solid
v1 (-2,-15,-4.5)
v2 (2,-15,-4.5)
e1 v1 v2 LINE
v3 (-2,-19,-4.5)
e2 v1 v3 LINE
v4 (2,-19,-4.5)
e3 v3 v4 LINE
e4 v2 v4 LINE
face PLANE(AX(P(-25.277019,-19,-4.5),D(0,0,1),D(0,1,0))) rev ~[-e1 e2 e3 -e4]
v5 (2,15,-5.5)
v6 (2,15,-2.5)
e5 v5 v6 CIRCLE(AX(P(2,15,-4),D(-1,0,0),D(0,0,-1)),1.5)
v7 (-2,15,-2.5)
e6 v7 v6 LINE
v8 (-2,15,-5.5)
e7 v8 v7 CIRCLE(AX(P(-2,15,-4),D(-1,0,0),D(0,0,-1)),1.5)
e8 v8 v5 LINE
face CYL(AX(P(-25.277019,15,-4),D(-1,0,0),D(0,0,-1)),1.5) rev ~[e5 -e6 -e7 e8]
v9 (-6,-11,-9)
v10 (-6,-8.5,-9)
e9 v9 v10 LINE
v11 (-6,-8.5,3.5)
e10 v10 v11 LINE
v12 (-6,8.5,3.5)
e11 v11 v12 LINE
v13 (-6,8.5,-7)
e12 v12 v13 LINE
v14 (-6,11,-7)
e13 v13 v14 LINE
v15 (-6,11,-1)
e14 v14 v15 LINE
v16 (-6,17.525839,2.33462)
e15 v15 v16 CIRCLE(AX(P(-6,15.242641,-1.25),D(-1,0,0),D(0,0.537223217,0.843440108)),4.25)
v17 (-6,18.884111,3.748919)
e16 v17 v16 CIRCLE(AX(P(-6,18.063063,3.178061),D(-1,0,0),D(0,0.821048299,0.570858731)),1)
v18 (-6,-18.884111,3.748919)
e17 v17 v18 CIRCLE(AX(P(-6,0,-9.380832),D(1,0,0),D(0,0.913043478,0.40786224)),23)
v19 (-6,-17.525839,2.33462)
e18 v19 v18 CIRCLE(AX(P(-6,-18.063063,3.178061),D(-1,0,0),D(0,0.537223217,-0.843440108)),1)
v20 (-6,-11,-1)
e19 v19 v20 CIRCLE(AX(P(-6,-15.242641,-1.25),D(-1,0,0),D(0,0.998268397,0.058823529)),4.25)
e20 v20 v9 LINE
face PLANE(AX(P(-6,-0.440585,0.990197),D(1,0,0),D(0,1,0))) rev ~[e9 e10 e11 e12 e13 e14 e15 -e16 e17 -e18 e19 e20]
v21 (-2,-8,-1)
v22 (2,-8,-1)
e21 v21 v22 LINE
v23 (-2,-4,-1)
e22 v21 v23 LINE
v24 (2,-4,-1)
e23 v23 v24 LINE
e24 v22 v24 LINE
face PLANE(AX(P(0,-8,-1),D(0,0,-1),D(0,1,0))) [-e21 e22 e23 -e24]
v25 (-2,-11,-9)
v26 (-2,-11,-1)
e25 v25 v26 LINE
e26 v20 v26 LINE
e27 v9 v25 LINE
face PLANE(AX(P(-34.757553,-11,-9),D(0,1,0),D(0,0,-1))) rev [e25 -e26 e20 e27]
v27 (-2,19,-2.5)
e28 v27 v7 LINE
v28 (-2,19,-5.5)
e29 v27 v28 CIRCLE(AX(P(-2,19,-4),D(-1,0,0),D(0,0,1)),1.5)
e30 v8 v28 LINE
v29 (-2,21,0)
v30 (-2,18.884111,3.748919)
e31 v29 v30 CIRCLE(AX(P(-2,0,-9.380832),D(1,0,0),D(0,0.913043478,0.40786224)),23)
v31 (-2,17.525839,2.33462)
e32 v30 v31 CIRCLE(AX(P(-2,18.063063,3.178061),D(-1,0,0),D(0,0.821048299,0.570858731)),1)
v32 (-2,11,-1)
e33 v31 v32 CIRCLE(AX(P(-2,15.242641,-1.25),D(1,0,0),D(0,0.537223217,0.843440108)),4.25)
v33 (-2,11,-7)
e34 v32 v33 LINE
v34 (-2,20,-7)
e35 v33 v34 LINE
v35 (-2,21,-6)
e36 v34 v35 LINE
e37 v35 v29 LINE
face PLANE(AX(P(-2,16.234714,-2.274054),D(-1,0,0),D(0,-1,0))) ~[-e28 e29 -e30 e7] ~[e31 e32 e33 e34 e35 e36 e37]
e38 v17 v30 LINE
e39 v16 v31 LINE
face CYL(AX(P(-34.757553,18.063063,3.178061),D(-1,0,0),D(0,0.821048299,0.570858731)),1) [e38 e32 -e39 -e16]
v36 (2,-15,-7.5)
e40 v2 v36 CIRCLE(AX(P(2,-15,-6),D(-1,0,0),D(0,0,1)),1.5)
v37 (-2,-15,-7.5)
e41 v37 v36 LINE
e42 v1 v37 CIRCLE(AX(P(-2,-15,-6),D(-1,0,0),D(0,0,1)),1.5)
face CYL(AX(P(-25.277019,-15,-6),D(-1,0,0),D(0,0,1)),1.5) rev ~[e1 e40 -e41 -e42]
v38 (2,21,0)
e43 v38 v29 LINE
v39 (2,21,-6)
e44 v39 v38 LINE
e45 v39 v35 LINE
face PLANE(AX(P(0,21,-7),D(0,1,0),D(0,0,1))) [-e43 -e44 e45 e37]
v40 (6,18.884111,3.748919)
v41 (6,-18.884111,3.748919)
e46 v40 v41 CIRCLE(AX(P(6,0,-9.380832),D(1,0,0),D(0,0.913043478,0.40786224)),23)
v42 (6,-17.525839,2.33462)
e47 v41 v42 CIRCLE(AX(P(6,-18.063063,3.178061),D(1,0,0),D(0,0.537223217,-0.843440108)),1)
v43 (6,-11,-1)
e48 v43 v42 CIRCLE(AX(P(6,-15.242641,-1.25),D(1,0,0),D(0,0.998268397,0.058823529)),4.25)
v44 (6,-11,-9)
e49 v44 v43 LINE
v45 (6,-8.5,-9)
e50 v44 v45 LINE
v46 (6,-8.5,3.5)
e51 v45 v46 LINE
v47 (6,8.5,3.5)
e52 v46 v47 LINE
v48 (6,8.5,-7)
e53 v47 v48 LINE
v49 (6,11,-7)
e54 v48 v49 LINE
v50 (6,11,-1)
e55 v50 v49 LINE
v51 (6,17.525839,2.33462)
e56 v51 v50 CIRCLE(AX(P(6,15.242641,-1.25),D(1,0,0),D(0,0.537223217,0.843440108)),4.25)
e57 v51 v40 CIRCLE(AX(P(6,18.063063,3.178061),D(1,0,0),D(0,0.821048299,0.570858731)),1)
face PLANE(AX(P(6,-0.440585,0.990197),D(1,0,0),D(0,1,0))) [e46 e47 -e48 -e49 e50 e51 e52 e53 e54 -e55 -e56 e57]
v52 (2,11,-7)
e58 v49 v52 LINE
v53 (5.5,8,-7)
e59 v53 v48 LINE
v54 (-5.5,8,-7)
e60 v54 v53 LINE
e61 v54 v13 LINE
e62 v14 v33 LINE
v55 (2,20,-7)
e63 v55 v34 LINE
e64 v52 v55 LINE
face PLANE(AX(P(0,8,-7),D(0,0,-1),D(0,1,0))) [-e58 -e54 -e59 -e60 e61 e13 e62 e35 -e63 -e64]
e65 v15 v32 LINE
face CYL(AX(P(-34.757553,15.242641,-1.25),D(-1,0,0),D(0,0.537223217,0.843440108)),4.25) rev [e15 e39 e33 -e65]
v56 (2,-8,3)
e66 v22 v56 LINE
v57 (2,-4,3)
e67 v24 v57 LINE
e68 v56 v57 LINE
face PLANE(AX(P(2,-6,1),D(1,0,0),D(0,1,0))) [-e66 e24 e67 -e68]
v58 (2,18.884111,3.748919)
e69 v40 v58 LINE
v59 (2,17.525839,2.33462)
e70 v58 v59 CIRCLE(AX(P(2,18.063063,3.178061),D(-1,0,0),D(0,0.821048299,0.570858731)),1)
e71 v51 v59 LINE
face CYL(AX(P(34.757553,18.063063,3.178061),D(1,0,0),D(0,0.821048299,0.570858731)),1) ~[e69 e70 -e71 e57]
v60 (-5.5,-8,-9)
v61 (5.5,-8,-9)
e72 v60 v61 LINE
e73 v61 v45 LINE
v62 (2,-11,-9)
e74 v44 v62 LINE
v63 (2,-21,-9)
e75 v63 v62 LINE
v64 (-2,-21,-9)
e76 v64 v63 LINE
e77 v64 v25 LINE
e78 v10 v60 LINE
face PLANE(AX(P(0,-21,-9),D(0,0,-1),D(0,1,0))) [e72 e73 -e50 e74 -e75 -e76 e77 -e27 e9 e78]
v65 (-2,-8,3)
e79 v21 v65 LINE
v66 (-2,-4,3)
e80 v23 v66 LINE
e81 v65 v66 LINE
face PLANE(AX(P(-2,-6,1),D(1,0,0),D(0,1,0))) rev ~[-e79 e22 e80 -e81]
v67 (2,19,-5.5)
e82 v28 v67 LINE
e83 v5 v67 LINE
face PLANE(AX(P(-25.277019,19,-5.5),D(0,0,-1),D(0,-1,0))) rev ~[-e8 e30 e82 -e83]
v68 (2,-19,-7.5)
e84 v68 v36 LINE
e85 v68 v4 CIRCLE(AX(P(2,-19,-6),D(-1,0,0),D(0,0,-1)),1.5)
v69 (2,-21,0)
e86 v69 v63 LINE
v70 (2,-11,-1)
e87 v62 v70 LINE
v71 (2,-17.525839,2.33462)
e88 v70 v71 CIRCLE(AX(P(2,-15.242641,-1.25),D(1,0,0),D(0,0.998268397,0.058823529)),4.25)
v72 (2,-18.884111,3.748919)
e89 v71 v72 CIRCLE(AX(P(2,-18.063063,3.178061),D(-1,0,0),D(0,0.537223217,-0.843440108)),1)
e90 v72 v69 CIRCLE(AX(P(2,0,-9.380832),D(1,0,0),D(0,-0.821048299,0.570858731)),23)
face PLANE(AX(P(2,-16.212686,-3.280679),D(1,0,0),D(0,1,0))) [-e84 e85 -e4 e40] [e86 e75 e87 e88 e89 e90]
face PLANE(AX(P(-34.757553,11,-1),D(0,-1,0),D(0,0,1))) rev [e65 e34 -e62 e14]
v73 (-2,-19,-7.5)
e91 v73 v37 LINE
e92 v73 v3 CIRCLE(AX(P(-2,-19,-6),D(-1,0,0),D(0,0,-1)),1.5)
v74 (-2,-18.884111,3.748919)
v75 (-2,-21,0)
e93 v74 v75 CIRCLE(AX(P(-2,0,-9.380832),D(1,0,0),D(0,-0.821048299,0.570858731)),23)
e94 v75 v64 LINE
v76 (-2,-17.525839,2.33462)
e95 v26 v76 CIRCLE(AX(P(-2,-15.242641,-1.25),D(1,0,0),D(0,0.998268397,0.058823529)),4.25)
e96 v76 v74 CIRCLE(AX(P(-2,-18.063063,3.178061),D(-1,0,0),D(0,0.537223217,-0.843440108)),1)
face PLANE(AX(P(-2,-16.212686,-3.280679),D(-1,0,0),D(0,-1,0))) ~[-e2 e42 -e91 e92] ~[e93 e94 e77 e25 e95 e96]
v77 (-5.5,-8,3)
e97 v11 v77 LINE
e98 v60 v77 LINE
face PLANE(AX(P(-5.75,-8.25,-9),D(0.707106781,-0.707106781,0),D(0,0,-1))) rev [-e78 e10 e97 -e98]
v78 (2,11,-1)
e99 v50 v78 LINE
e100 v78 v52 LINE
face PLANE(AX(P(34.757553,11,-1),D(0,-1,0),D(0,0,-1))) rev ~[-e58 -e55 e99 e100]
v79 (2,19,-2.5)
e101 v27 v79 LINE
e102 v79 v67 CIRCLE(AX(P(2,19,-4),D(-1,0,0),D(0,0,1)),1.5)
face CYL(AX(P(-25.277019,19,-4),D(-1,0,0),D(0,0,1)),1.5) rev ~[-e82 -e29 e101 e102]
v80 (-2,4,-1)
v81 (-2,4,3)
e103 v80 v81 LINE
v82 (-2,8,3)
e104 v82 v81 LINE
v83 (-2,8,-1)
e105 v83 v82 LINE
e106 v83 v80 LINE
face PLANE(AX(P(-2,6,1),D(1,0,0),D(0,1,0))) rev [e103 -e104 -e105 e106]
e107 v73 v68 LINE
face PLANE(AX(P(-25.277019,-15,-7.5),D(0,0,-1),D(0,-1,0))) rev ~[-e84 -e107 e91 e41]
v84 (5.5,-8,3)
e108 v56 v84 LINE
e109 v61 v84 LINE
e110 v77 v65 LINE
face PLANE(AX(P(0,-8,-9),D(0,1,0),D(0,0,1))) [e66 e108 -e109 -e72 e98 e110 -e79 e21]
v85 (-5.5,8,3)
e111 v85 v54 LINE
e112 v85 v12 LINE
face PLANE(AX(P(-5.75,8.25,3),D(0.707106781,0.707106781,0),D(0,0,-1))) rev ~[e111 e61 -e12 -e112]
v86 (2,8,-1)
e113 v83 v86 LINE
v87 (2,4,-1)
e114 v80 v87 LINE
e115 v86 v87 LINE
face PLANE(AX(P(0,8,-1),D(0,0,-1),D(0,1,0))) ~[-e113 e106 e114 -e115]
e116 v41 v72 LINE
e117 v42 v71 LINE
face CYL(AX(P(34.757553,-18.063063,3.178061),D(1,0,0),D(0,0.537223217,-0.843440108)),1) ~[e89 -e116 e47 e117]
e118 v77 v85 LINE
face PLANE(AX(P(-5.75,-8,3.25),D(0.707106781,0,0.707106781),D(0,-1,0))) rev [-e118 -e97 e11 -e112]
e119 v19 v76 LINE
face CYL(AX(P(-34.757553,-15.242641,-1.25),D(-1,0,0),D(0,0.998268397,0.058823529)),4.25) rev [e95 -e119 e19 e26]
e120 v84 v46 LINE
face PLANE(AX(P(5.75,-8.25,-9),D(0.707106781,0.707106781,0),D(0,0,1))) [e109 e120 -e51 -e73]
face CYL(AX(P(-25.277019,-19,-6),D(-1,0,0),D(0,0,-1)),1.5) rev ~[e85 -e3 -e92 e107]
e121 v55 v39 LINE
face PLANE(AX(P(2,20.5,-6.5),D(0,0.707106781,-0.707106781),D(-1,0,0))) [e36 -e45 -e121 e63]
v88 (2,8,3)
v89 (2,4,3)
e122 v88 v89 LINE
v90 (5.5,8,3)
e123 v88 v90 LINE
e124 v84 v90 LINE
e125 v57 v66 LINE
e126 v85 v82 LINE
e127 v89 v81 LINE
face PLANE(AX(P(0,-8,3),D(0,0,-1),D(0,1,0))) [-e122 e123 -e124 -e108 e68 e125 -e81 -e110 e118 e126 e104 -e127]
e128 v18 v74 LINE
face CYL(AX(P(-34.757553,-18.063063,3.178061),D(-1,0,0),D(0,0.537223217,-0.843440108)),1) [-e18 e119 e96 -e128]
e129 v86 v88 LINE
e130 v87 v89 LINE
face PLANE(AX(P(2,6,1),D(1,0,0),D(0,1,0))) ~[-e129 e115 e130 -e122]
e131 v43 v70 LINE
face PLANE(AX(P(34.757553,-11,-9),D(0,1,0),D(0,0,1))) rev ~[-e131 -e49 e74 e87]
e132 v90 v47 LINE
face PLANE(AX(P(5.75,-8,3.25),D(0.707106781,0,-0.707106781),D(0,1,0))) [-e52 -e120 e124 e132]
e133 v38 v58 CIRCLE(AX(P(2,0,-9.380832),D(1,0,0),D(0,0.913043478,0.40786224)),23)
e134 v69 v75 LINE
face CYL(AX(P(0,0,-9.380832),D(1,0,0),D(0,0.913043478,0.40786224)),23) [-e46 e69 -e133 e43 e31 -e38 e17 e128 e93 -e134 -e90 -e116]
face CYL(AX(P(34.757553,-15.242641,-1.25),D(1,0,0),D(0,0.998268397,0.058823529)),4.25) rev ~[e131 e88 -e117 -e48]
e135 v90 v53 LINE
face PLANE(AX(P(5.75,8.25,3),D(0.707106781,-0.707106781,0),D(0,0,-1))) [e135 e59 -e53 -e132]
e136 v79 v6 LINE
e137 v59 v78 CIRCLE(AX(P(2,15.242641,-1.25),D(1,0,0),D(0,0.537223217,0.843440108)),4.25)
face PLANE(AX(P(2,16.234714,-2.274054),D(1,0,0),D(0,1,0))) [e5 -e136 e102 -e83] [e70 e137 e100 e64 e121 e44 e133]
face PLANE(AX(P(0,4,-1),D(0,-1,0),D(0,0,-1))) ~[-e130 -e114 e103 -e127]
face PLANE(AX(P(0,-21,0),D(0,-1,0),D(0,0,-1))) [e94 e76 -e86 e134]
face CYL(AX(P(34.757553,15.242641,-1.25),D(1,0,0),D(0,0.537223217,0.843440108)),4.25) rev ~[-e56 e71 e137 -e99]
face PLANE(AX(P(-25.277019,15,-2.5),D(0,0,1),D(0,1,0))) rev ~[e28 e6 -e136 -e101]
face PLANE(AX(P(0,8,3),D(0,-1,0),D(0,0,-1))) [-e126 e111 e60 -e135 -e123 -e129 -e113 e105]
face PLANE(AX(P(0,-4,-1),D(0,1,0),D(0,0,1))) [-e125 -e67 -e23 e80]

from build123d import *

# Parameters (mm, degrees)
BOSS_EXTRUDE1_DEPTH     = 6
CHAMFER1_SIZE           = 0.5
CHAMFER2_SIZE           = 0.5
SKETCH3_W               = 4
SKETCH3_H               = 4
BOSS_EXTRUDE2_DEPTH     = 2
CUT_EXTRUDE1_START      = 28.757553028
CUT_EXTRUDE1_DEPTH      = 32.757553028
CHAMFER3_SIZE           = 1
CUT_EXTRUDE2_DEPTH      = 27.277019429
CUT_EXTRUDE2_DEPTH_BACK = 27.277019429
CUT_EXTRUDE3_DEPTH      = 27.277019429
CUT_EXTRUDE3_DEPTH_BACK = 27.277019429


with BuildPart() as part:
    # Sketch1 → Boss-Extrude1 (new, symmetric)
    with BuildSketch(Plane.YZ):
        with BuildLine():
            Line((-21, 0), (-21, -9))
            Line((-21, -9), (-8, -9))
            Line((-8, -9), (-8, 3))
            Line((-8, 3), (8, 3))
            Line((8, 3), (8, -7))
            Line((8, -7), (21, -7))
            Line((21, -7), (21, 0))
            ThreePointArc((21, 0), (0, 13.61916848), (-21, 0))
        make_face()
    extrude(amount=BOSS_EXTRUDE1_DEPTH, both=True)

    # Chamfer1
    chamfer1_edges = [part.edges().sort_by_distance(p)[0] for p in [
        (6, -8, -3),
        (6, 0, 3),
        (6, 8, -2),
    ]]
    chamfer(chamfer1_edges, length=CHAMFER1_SIZE)

    # Chamfer2
    chamfer2_edges = [part.edges().sort_by_distance(p)[0] for p in [
        (-6, -8, -3),
        (-6, 8, -2),
        (-6, 0, 3),
    ]]
    chamfer(chamfer2_edges, length=CHAMFER2_SIZE)

    # Sketch3 → Boss-Extrude2 (add, symmetric)
    with BuildSketch(Plane.YZ):
        with Locations((-6, 1)):
            Rectangle(SKETCH3_W, SKETCH3_H)
    boss_extrude2 = extrude(amount=BOSS_EXTRUDE2_DEPTH, both=True)

    # Mirror1: Boss-Extrude2 across plane
    add(boss_extrude2.mirror(Plane.ZX))

    # Sketch4 → Cut-Extrude1 (cut)
    with BuildSketch(Plane.YZ.offset(6).offset(CUT_EXTRUDE1_START)):
        with BuildLine():
            Line((-11, -9), (-11, -1))
            ThreePointArc((-11, -1), (-13.308790472, 2.534537402), (-17.525839358, 2.334620458))
            ThreePointArc((-17.525839358, 2.334620458), (-18.784311125, 2.485384213), (-18.884110874, 3.748919297))
            ThreePointArc((-18.884110874, 3.748919297), (-20.029956915, 1.924071221), (-21, 0))
            Line((-21, 0), (-21, -9))
            Line((-21, -9), (-11, -9))
        make_face()
        with BuildLine():
            Line((21, -7), (21, 0))
            ThreePointArc((21, 0), (20.029956915, 1.924071221), (18.884110874, 3.748919297))
            ThreePointArc((18.884110874, 3.748919297), (18.784311125, 2.485384213), (17.525839358, 2.334620458))
            ThreePointArc((17.525839358, 2.334620458), (13.308790472, 2.534537402), (11, -1))
            Line((11, -1), (11, -7))
            Line((11, -7), (21, -7))
        make_face()
    cut_extrude1 = extrude(amount=-CUT_EXTRUDE1_DEPTH, mode=Mode.SUBTRACT)

    # Mirror2: Cut-Extrude1 across plane
    add(cut_extrude1.mirror(Plane(origin=(0, 0, 0), x_dir=(0, 0, 1), z_dir=(1, 0, 0))), mode=Mode.SUBTRACT)

    # Chamfer3
    chamfer3_edges = [part.edges().sort_by_distance(p)[0] for p in [
        (0, 21, -7),
    ]]
    chamfer(chamfer3_edges, length=CHAMFER3_SIZE)

    # Sketch5 → Cut-Extrude2 (cut, two sides: drawn at the far end of the back side and taken through both)
    with BuildSketch(Plane.YZ.offset(2).offset(-CUT_EXTRUDE2_DEPTH_BACK)):
        with BuildLine():
            Line((-19, -4.5), (-15, -4.5))
            ThreePointArc((-15, -4.5), (-13.5, -6), (-15, -7.5))
            Line((-15, -7.5), (-19, -7.5))
            ThreePointArc((-19, -7.5), (-20.5, -6), (-19, -4.5))
        make_face()
    extrude(amount=CUT_EXTRUDE2_DEPTH + CUT_EXTRUDE2_DEPTH_BACK, mode=Mode.SUBTRACT)

    # Sketch6 → Cut-Extrude3 (cut, two sides: drawn at the far end of the back side and taken through both)
    with BuildSketch(Plane.YZ.offset(2).offset(-CUT_EXTRUDE3_DEPTH_BACK)):
        with BuildLine():
            Line((19, -5.5), (15, -5.5))
            ThreePointArc((15, -5.5), (13.5, -4), (15, -2.5))
            Line((15, -2.5), (19, -2.5))
            ThreePointArc((19, -2.5), (20.5, -4), (19, -5.5))
        make_face()
    extrude(amount=CUT_EXTRUDE3_DEPTH + CUT_EXTRUDE3_DEPTH_BACK, mode=Mode.SUBTRACT)


solid = part.part
